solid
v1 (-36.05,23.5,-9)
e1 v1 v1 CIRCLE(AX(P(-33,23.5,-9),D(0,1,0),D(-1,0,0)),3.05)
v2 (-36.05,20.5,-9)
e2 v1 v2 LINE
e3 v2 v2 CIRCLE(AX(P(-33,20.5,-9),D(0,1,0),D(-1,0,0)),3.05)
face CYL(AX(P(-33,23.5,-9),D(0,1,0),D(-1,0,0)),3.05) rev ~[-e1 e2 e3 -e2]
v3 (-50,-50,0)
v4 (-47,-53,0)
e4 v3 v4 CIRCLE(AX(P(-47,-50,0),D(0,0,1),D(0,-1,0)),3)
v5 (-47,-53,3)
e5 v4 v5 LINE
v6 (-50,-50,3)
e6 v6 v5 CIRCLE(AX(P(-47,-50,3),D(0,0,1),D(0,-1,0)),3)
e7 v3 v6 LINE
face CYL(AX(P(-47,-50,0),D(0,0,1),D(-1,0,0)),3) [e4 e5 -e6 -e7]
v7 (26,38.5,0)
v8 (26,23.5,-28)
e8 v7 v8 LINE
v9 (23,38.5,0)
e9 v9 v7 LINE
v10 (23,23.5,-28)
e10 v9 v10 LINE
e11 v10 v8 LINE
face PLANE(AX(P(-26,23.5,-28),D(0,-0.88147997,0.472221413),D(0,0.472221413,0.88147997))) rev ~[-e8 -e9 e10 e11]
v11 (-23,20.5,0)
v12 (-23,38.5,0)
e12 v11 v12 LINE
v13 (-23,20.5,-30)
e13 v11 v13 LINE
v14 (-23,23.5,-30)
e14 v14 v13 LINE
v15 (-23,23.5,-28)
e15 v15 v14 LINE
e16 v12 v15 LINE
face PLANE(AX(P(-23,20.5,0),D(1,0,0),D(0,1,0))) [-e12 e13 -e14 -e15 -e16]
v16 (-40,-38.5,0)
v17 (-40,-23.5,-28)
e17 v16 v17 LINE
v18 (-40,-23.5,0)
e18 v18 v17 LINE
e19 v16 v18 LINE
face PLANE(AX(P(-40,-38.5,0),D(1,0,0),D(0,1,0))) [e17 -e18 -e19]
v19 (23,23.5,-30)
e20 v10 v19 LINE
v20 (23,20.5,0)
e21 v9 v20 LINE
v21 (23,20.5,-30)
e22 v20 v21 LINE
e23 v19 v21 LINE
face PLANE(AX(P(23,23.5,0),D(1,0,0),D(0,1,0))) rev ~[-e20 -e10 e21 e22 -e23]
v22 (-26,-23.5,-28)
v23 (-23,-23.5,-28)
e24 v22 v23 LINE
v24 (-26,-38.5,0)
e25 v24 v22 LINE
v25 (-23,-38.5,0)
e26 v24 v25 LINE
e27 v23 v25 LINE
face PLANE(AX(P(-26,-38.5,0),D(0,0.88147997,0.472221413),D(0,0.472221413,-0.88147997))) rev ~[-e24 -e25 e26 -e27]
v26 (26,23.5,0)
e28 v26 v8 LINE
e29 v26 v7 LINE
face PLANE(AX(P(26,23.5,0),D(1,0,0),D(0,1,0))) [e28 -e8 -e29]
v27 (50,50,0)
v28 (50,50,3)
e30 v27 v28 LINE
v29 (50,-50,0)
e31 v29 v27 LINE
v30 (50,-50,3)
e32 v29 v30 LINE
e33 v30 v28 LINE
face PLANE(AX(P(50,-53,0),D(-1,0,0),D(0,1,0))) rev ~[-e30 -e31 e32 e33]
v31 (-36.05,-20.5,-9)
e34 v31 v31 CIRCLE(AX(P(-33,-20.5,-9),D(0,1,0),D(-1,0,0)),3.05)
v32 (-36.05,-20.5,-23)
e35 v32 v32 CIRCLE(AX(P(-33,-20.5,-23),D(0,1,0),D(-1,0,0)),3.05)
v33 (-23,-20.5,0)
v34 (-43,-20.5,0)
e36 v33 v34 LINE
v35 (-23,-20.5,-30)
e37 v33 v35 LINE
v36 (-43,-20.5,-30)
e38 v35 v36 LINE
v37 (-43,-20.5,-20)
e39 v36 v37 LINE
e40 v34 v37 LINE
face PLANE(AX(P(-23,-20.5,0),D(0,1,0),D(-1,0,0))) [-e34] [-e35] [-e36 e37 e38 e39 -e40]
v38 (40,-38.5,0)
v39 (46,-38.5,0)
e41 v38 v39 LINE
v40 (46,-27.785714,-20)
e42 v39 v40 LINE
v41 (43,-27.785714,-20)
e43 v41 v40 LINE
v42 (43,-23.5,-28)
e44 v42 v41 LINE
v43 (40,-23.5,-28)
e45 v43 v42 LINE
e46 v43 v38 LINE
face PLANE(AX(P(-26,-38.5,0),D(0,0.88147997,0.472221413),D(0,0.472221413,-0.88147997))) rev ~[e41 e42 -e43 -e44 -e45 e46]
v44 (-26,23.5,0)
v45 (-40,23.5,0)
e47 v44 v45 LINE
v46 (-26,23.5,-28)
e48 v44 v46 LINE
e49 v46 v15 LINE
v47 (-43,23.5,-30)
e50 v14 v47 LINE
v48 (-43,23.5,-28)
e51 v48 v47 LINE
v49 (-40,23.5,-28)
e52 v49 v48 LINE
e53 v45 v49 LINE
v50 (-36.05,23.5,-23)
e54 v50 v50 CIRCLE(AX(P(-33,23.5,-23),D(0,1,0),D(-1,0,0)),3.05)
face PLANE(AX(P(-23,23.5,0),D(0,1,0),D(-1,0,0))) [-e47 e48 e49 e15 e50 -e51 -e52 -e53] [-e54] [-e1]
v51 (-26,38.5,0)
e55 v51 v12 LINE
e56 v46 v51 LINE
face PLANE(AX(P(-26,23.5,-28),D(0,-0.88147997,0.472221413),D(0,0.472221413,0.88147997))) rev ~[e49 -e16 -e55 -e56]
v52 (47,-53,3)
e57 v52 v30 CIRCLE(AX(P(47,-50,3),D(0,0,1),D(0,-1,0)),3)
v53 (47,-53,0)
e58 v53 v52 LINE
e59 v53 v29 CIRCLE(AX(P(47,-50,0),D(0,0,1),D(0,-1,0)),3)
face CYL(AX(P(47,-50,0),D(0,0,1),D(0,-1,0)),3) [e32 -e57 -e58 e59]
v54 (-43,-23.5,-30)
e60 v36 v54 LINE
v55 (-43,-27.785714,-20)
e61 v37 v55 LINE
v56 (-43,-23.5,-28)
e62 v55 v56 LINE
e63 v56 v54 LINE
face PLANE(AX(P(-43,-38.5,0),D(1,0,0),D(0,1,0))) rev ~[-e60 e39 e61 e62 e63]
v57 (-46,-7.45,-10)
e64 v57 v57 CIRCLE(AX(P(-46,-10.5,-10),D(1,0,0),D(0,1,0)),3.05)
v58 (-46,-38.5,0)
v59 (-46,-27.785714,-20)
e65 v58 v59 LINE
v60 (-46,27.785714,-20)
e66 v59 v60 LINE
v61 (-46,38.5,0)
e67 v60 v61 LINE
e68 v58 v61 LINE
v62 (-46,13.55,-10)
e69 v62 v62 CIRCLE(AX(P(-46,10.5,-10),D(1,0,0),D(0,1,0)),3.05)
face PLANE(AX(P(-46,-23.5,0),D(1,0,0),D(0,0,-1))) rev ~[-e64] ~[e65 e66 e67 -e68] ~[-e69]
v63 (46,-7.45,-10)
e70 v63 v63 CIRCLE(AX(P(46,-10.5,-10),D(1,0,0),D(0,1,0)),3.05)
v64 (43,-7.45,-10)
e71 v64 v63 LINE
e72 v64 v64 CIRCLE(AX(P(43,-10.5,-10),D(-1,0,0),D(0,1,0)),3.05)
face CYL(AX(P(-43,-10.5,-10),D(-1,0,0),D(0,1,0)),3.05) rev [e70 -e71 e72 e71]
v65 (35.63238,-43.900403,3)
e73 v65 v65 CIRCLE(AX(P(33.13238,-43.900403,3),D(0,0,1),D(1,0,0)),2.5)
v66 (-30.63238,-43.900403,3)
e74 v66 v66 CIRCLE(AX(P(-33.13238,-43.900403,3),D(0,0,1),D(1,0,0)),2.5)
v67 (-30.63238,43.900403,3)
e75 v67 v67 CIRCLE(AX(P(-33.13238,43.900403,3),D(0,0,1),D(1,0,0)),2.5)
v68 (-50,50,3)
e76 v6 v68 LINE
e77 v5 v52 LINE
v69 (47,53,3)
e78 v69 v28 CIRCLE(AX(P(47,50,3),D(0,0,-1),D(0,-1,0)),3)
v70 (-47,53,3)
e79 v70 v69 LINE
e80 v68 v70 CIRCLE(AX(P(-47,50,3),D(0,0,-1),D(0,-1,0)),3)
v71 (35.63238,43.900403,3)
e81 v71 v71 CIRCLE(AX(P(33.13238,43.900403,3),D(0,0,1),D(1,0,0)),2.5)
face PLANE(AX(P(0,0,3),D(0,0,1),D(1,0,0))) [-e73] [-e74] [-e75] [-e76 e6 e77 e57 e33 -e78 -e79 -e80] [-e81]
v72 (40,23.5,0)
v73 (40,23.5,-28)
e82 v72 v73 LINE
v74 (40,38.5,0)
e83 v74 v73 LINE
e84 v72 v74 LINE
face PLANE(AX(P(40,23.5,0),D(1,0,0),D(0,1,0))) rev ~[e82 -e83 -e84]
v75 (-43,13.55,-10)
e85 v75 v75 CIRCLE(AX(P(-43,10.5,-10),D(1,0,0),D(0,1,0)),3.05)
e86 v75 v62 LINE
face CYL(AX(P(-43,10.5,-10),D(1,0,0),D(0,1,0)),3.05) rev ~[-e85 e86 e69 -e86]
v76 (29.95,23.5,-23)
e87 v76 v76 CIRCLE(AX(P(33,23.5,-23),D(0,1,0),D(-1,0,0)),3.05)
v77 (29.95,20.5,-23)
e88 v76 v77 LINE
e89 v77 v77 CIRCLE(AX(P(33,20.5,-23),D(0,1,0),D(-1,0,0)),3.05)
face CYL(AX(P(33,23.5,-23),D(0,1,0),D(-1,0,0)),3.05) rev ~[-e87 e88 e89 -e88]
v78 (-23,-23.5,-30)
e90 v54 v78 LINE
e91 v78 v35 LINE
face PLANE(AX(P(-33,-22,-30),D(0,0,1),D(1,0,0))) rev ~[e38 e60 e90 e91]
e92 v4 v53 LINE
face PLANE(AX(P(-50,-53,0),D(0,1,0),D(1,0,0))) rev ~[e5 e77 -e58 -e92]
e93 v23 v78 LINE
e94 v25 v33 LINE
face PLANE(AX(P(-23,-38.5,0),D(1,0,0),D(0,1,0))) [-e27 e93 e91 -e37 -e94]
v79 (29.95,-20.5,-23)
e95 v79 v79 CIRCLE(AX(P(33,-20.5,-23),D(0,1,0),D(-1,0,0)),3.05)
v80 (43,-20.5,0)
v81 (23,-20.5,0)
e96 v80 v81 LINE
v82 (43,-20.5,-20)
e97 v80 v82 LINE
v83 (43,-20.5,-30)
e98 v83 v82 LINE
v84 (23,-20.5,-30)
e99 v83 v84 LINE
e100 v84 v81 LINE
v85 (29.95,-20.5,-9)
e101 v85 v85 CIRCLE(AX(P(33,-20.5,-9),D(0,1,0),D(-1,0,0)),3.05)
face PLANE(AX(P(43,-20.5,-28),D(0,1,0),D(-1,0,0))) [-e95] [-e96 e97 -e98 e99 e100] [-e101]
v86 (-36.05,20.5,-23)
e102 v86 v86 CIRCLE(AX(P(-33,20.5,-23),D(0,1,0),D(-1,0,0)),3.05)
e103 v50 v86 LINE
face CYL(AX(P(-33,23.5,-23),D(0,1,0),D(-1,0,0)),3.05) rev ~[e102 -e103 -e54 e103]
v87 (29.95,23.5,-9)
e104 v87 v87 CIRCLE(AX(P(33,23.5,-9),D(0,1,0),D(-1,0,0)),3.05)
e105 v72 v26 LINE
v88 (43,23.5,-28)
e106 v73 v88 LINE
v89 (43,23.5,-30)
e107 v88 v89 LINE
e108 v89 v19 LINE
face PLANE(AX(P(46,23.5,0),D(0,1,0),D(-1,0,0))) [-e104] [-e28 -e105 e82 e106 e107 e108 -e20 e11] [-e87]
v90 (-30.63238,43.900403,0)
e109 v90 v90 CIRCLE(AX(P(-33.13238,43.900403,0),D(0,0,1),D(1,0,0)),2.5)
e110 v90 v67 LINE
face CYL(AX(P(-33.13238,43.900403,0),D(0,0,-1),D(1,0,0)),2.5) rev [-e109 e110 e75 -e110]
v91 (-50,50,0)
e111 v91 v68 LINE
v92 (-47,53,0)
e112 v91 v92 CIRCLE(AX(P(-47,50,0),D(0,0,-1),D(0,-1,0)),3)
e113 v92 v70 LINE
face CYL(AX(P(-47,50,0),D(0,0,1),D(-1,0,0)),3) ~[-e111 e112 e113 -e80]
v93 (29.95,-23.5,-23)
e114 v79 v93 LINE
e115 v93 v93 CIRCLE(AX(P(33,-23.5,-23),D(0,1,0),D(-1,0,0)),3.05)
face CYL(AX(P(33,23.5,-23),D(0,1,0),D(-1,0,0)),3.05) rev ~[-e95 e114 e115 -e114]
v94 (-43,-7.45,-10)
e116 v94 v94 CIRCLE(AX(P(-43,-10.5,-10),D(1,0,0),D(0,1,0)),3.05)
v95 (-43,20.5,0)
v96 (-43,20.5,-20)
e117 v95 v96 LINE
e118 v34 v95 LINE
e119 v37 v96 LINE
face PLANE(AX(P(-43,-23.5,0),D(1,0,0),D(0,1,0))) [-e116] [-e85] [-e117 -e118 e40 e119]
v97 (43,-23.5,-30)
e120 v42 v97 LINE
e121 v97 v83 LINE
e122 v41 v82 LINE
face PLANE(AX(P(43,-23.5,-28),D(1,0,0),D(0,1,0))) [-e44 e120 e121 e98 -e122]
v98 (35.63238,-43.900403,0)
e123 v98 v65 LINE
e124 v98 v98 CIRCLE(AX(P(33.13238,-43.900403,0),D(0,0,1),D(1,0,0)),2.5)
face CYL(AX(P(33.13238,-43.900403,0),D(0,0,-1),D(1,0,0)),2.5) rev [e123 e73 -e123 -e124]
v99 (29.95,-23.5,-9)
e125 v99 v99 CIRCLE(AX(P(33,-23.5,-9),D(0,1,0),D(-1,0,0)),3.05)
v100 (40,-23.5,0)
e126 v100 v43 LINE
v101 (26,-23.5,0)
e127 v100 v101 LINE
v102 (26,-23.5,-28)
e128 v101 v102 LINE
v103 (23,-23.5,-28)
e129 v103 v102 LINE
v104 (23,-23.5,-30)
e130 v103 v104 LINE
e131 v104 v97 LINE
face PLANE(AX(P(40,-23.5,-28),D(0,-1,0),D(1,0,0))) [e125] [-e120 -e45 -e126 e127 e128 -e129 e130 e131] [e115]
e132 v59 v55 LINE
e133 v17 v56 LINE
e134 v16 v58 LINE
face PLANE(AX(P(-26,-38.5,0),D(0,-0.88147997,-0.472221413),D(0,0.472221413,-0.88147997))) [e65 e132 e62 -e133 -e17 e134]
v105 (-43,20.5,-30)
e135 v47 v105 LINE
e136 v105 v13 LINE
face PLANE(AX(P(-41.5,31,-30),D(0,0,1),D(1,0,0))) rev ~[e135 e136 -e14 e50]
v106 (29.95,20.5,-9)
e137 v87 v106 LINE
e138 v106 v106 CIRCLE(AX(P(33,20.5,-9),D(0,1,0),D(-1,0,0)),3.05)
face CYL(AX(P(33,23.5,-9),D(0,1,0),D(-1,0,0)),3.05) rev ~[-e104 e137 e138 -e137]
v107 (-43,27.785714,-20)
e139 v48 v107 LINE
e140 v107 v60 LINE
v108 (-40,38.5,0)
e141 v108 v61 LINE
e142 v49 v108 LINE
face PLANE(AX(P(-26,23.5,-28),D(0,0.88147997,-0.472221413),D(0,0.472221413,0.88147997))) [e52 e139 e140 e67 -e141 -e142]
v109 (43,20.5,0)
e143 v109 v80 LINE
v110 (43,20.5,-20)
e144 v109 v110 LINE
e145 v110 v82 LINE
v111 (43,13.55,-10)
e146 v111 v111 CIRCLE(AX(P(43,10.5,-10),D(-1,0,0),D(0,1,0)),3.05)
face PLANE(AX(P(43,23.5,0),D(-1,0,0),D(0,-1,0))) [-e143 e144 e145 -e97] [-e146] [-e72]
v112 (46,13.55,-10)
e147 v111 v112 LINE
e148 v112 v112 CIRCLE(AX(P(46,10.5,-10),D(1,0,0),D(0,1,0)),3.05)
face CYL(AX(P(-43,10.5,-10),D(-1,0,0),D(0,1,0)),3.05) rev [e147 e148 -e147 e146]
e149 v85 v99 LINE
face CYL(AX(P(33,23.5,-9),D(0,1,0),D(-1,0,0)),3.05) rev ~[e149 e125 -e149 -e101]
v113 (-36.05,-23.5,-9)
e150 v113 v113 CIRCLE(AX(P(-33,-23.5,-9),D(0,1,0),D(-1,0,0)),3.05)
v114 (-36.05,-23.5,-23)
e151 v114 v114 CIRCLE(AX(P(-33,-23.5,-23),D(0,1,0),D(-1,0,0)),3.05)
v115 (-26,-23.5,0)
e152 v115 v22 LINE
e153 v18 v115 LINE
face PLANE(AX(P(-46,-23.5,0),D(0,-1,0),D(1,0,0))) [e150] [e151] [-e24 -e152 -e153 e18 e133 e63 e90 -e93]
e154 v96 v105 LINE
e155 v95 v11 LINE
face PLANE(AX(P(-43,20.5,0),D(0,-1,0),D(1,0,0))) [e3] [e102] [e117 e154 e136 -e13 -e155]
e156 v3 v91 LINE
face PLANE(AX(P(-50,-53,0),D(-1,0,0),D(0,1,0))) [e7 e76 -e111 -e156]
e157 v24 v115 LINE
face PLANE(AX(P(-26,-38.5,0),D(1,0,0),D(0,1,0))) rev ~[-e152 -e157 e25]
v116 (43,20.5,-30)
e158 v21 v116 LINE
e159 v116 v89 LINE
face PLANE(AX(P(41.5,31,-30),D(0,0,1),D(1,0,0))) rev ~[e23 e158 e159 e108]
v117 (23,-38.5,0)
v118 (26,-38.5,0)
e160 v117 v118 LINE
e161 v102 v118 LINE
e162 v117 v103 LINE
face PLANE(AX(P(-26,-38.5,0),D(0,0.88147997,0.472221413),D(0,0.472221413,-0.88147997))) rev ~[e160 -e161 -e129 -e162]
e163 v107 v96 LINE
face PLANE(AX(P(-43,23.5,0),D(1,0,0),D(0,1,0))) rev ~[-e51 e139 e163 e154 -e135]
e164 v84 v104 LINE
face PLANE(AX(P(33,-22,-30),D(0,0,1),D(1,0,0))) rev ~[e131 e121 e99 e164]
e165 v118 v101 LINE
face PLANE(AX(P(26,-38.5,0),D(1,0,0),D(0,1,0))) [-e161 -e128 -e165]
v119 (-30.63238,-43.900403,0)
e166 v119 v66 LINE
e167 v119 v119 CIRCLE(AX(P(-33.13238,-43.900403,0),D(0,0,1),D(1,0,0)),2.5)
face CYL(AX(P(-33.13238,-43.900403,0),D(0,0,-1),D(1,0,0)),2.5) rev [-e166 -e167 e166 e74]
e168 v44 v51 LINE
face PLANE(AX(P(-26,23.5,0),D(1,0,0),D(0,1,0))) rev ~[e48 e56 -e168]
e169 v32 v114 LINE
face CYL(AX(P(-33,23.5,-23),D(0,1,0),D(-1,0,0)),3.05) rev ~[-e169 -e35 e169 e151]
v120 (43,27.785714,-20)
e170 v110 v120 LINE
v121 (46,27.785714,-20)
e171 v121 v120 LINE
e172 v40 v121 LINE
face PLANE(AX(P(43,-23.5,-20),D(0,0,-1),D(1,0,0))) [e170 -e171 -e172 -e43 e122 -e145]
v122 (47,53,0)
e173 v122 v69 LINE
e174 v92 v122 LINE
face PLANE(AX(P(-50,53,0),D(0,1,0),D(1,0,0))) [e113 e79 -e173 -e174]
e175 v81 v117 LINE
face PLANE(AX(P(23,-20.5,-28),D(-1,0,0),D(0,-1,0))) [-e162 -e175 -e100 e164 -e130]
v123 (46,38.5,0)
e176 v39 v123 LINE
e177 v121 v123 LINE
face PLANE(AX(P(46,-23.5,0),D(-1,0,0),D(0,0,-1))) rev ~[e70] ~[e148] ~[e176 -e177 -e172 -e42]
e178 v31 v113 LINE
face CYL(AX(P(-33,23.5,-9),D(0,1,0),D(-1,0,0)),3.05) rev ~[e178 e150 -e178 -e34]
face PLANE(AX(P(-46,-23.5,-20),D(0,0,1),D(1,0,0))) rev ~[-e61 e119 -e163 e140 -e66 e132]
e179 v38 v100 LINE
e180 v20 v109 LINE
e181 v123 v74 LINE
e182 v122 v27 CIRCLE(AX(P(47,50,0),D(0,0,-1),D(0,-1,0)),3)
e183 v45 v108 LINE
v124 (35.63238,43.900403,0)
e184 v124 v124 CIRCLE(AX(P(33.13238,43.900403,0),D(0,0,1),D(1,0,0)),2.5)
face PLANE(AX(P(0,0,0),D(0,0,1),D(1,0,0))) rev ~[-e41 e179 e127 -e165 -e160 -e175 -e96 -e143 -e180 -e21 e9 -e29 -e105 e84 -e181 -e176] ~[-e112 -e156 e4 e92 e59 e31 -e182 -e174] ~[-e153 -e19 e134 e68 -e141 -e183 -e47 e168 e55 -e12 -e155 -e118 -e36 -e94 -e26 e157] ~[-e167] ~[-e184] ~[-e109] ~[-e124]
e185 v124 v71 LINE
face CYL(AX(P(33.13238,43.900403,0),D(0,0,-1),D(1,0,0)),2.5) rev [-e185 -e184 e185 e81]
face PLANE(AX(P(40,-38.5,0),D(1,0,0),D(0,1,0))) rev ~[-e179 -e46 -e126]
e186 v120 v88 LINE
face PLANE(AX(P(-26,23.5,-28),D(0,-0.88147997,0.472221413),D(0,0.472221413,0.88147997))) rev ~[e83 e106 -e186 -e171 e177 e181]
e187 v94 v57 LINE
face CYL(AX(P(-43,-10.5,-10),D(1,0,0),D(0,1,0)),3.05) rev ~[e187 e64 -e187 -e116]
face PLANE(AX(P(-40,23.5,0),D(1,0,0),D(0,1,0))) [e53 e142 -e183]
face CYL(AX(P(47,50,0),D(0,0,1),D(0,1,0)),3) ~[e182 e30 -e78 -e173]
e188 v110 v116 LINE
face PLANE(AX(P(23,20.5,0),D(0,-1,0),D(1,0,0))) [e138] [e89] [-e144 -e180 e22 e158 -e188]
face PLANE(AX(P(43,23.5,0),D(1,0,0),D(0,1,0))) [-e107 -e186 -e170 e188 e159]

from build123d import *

# Parameters (mm, degrees)
F0_W           = 100
F0_H           = 106
F0_R           = 2.5
F1_DEPTH       = 3
F2_R           = 3
F4_DEPTH       = 28
F5_DEPTH       = 20
F3_W           = 3
F3_H           = 15
F6_DEPTH       = 28
F7_DEPTH       = 15
F7_DEPTH_BACK  = 62
F9_DEPTH       = 20
F9_DEPTH_BACK  = 72
F11_DEPTH      = 20
F11_DEPTH_BACK = 72
F12_R          = 3.05
F13_R          = 3.05
F14_DEPTH      = 47
F15_R          = 3.05
F16_DEPTH      = 3
F16_DEPTH_BACK = 89
F17_DEPTH      = 2


with BuildPart() as f1:
    # F0 (on Top) → F1 (new body)
    with BuildSketch(Plane.XY):
        Rectangle(F0_W, F0_H)
        with Locations((-33.1323798252, -43.9004032683)):
            Circle(F0_R, mode=Mode.SUBTRACT)
        with Locations((33.1323798252, -43.9004032683)):
            Circle(F0_R, mode=Mode.SUBTRACT)
        with Locations((-33.1323798252, 43.9004032683)):
            Circle(F0_R, mode=Mode.SUBTRACT)
        with Locations((33.1323798252, 43.9004032683)):
            Circle(F0_R, mode=Mode.SUBTRACT)
    extrude(amount=F1_DEPTH)

    # F2
    f2_edges = [f1.edges().sort_by_distance(p)[0] for p in [
        (-50, -53, 1.5),
        (-50, 53, 1.5),
        (50, 53, 1.5),
        (50, -53, 1.5),
    ]]
    fillet(f2_edges, radius=F2_R)

    # F3 (on Top) → F4 (join)
    with BuildSketch(Plane.XY):
        Polygon((-23, -20.5), (-43, -20.5), (-43, -23.5), (-40, -23.5), (-26, -23.5), (-23, -23.5), align=None)
        Polygon((-43, 23.5), (-43, 20.5), (-23, 20.5), (-23, 23.5), (-26, 23.5), (-40, 23.5), align=None)
        Polygon((23, 20.5), (43, 20.5), (43, 23.5), (40, 23.5), (26, 23.5), (23, 23.5), align=None)
        Polygon((43, -23.5), (43, -20.5), (23, -20.5), (23, -23.5), (26, -23.5), (40, -23.5), align=None)
    extrude(amount=-F4_DEPTH)

    # F3 (on Top) → F5 (join)
    with BuildSketch(Plane.XY):
        Polygon((43, 20.5), (43, -20.5), (43, -23.5), (46, -23.5), (46, 23.5), (43, 23.5), align=None)
        Polygon((-43, -20.5), (-43, 20.5), (-43, 23.5), (-46, 23.5), (-46, -23.5), (-43, -23.5), align=None)
    extrude(amount=-F5_DEPTH)

    # F3 (on Top) → F6 (join)
    with BuildSketch(Plane.XY):
        with Locations((-41.5, 31)):
            Rectangle(F3_W, F3_H)
        with Locations((-24.5, 31)):
            Rectangle(F3_W, F3_H)
        with Locations((24.5, 31)):
            Rectangle(F3_W, F3_H)
        with Locations((41.5, 31)):
            Rectangle(F3_W, F3_H)
        with Locations((-41.5, -31)):
            Rectangle(F3_W, F3_H)
        with Locations((-24.5, -31)):
            Rectangle(F3_W, F3_H)
        with Locations((24.5, -31)):
            Rectangle(F3_W, F3_H)
        with Locations((41.5, -31)):
            Rectangle(F3_W, F3_H)
    extrude(amount=-F6_DEPTH)

    # F7 (add, two sides): faces of the model
    f7_faces = [f1.faces().sort_by_distance(p)[0] for p in [
        (-44.5, -23.5, -10),
        (44.5, -23.5, -10),
    ]]
    extrude(f7_faces, amount=F7_DEPTH)
    extrude(f7_faces, amount=-F7_DEPTH_BACK)

    # F8 (on face) → F9 (cut, two sides)
    with BuildSketch(Plane(origin=(-26, 0, 0), x_dir=(0, -1, 0), z_dir=(-1, 0, 0))) as f9_sk:
        Polygon((-23.5, -28), (-38.5, 0), (-38.5, -28), align=None)
    extrude(amount=F9_DEPTH, mode=Mode.SUBTRACT)
    extrude(f9_sk.sketch, amount=-F9_DEPTH_BACK, mode=Mode.SUBTRACT)

    # F10 (on face) → F11 (cut, two sides)
    with BuildSketch(Plane(origin=(-26, 0, 0), x_dir=(0, -1, 0), z_dir=(-1, 0, 0))) as f11_sk:
        Polygon((38.5, 0), (23.5, -28), (38.5, -28), align=None)
    extrude(amount=F11_DEPTH, mode=Mode.SUBTRACT)
    extrude(f11_sk.sketch, amount=-F11_DEPTH_BACK, mode=Mode.SUBTRACT)

    # F12 (on face) + F13 (on face) → F14 (cut, through all)
    with BuildSketch(Plane(origin=(0, 23.5, 0), x_dir=(-1, 0, 0), z_dir=(0, 1, 0))):
        with Locations((33, -23)):
            Circle(F12_R)
        with Locations((33, -9)):
            Circle(F12_R)
    with BuildSketch(Plane(origin=(0, 23.5, 0), x_dir=(-1, 0, 0), z_dir=(0, 1, 0))):
        with Locations((-33, -9)):
            Circle(F13_R)
        with Locations((-33, -23)):
            Circle(F13_R)
    extrude(amount=-F14_DEPTH, mode=Mode.SUBTRACT)

    # F15 (on face) → F16 (cut, two sides)
    with BuildSketch(Plane.YZ.offset(-43)) as f16_sk:
        with Locations((10.5, -10)):
            Circle(F15_R)
        with Locations((-10.5, -10)):
            Circle(F15_R)
    extrude(amount=-F16_DEPTH, mode=Mode.SUBTRACT)
    extrude(f16_sk.sketch, amount=F16_DEPTH_BACK, mode=Mode.SUBTRACT)

    # F17 (add): faces of the model
    f17_faces = [f1.faces().sort_by_distance(p)[0] for p in [
        (33, -22, -28),
        (-33, -22, -28),
        (-33, 22, -28),
        (33, 22, -28),
    ]]
    extrude(f17_faces, amount=F17_DEPTH)


solid = f1.part
